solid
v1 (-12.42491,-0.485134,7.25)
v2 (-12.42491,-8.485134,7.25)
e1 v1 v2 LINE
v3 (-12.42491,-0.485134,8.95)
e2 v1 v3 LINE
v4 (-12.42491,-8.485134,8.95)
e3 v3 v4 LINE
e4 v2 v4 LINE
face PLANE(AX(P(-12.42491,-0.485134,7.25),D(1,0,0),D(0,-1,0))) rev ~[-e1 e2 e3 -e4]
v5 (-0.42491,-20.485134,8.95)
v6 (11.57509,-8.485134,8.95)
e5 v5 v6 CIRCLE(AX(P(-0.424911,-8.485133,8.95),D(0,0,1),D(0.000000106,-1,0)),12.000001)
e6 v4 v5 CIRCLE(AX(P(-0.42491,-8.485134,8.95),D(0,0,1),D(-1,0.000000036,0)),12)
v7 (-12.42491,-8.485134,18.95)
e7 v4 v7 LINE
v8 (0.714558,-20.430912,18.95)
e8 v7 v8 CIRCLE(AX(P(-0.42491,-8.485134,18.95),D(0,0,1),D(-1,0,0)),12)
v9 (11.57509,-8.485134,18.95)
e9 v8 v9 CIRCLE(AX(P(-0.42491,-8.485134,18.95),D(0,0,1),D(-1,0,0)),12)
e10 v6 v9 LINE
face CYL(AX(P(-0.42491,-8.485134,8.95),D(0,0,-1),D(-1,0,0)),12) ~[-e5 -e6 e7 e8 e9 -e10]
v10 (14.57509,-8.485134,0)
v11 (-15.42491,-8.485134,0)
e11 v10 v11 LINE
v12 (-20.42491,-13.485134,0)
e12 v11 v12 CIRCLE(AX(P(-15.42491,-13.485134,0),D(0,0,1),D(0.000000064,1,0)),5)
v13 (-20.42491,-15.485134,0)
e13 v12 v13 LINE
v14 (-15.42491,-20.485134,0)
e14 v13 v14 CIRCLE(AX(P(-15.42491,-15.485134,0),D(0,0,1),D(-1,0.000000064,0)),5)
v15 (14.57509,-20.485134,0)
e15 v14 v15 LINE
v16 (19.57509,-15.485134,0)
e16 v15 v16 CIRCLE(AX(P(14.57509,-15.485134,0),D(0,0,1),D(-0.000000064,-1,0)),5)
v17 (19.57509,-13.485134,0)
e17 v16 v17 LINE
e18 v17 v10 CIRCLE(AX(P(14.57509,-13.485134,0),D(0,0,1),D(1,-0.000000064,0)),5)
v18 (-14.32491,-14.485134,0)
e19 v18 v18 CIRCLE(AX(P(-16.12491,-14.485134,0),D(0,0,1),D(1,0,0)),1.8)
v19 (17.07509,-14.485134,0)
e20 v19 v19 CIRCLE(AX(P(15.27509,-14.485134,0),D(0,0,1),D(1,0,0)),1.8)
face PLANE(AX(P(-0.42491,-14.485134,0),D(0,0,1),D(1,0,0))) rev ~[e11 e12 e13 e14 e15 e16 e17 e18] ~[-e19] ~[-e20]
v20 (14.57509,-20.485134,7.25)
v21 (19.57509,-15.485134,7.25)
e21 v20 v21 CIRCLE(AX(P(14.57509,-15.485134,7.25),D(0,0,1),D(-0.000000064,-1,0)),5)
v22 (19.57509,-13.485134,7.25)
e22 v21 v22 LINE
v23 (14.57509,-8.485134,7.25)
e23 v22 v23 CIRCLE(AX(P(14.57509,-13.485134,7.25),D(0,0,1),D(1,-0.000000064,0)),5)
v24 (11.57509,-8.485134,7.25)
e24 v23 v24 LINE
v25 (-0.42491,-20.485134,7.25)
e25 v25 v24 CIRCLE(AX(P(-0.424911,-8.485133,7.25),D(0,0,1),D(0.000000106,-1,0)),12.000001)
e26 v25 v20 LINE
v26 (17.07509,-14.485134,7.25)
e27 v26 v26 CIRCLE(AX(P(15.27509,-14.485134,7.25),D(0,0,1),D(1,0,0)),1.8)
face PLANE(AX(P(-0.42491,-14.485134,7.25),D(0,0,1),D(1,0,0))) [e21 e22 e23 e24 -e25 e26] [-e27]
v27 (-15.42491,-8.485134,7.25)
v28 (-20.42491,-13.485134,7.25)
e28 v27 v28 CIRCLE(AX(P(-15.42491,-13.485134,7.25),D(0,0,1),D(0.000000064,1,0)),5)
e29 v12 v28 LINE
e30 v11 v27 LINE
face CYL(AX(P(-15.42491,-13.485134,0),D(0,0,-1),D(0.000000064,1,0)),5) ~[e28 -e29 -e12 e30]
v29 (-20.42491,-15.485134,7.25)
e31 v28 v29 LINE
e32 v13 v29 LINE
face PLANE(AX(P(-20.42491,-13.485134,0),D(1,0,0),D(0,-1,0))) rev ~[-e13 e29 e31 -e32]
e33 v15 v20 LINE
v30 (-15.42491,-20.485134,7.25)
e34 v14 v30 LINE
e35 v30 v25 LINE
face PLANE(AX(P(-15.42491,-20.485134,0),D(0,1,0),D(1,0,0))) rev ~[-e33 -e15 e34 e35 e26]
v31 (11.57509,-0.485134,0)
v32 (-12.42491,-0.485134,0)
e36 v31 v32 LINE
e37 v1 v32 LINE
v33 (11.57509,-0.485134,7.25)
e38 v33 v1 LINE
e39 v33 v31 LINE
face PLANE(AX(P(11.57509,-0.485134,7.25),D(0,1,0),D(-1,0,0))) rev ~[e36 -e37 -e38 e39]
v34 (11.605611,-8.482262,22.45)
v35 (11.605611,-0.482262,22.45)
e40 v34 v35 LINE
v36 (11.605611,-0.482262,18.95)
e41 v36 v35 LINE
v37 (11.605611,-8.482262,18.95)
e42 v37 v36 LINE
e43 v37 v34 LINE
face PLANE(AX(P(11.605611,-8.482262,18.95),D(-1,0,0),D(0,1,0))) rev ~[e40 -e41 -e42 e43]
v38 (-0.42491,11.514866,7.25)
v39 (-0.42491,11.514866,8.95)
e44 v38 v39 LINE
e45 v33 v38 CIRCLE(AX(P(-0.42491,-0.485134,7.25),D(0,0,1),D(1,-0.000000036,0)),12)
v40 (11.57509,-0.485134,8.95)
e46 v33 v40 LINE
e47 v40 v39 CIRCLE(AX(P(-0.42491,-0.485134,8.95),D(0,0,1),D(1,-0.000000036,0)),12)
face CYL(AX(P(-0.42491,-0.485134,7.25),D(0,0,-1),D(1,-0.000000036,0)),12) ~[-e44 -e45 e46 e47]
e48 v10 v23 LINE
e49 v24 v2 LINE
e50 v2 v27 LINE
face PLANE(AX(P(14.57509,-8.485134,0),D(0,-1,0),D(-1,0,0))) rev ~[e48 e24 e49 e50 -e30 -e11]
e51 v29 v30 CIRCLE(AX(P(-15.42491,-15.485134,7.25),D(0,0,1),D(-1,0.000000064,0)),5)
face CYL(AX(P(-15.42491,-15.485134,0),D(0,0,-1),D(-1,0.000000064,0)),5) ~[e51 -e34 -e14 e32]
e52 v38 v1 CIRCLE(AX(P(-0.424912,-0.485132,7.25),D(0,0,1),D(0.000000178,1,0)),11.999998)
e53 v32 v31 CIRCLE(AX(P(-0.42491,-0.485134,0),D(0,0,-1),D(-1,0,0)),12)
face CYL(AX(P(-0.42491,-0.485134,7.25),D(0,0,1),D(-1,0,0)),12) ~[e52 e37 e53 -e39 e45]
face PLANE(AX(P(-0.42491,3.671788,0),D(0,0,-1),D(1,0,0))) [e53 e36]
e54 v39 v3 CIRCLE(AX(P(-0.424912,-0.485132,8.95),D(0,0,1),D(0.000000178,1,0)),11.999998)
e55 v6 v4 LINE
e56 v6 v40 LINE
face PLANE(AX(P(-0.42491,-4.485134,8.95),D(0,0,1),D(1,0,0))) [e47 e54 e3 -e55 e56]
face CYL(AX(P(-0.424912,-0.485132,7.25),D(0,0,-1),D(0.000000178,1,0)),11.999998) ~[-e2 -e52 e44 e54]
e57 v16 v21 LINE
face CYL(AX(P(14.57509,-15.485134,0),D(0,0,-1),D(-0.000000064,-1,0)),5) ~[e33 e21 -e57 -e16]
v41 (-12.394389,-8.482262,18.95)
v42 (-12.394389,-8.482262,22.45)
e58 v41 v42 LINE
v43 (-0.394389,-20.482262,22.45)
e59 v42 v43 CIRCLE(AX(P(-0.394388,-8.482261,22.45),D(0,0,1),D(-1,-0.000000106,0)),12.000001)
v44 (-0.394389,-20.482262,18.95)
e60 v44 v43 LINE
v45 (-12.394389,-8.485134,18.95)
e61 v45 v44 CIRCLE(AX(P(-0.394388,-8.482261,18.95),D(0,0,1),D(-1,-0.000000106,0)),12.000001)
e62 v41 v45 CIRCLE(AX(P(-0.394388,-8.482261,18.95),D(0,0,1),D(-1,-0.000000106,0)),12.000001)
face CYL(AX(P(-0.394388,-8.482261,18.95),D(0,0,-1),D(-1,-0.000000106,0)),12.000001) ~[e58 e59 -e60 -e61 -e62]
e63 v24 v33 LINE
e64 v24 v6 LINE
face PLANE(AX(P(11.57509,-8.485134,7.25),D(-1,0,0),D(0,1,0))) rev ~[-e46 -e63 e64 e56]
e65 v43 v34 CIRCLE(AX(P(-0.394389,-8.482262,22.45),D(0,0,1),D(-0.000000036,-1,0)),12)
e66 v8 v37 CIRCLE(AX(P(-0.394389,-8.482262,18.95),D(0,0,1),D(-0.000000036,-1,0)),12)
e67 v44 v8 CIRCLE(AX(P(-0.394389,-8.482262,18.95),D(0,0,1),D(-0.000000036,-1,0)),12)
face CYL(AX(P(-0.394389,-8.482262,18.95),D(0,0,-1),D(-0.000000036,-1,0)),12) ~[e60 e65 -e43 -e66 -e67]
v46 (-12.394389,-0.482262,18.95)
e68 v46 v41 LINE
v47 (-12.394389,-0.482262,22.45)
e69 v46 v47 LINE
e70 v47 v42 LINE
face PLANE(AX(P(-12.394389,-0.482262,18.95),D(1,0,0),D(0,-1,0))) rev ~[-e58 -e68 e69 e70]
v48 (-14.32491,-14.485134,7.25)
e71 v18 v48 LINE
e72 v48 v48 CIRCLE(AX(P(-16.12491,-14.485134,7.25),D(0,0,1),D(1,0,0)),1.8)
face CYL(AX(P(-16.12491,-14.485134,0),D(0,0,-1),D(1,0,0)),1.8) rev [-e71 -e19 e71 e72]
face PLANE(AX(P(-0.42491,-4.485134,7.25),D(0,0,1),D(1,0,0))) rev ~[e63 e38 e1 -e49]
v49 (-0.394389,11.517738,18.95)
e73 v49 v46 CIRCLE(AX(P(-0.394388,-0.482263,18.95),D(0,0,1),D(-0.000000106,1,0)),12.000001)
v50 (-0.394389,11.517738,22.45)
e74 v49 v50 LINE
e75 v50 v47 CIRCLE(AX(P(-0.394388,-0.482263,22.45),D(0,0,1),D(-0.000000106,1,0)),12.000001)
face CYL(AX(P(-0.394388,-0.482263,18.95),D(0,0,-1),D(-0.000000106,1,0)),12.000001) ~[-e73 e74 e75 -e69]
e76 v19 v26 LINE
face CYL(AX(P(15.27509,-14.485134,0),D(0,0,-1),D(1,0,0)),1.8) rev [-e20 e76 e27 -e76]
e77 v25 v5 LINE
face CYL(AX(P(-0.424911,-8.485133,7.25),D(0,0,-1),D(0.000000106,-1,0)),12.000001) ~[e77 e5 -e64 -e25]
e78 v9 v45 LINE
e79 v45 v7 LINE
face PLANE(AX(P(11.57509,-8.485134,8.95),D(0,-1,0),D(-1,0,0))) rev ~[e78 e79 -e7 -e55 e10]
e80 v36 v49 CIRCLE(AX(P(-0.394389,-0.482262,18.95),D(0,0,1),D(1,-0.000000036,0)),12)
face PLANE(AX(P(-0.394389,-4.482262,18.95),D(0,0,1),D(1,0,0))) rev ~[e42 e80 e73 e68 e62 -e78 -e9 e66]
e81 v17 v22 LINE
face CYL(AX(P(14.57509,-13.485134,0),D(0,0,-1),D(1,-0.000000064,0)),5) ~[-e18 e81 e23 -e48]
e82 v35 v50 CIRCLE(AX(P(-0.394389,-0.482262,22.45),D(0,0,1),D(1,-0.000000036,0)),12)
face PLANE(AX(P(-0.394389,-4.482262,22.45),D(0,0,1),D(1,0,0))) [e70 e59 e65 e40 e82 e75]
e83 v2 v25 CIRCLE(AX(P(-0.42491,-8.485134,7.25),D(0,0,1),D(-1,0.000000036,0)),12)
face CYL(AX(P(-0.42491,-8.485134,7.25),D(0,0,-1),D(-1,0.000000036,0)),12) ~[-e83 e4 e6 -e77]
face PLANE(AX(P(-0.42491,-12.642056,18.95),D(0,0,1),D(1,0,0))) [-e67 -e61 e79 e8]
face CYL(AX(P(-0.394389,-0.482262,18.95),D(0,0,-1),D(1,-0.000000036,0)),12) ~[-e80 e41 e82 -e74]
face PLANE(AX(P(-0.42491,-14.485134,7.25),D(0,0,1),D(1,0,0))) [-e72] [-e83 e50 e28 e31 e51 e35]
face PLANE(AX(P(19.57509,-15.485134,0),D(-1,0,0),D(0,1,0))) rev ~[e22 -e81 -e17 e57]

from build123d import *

# Parameters (mm, degrees)
F0_R     = 1.8
F1_DEPTH = 7.25
F3_DEPTH = 1.7
F5_DEPTH = 7.25
F7_DEPTH = 10
F9_DEPTH = 3.5


with BuildPart() as f1:
    # F0 (on Top) → F1 (new body)
    with BuildSketch(Plane.XY):
        with BuildLine():
            Line((14.57509, -8.485134), (-15.42491, -8.485134))
            ThreePointArc((-15.42491, -8.485134), (-18.960444, -9.9496), (-20.42491, -13.485134))
            Line((-20.42491, -13.485134), (-20.42491, -15.485134))
            ThreePointArc((-20.42491, -15.485134), (-18.960444, -19.020668), (-15.42491, -20.485134))
            Line((-15.42491, -20.485134), (14.57509, -20.485134))
            ThreePointArc((14.57509, -20.485134), (18.110624, -19.020668), (19.57509, -15.485134))
            Line((19.57509, -15.485134), (19.57509, -13.485134))
            ThreePointArc((19.57509, -13.485134), (18.110624, -9.9496), (14.57509, -8.485134))
        make_face()
        with Locations((-16.12491, -14.485134)):
            Circle(F0_R, mode=Mode.SUBTRACT)
        with Locations((15.27509, -14.485134)):
            Circle(F0_R, mode=Mode.SUBTRACT)
    extrude(amount=F1_DEPTH)

    # F2 (on face) → F3 (join)
    with BuildSketch(Plane.XY.offset(7.25)):
        with BuildLine():
            Line((-12.42491, -0.485134), (-12.42491, -8.485134))
            ThreePointArc((-12.42491, -8.485134), (-8.910192, -16.970415), (-0.42491, -20.485134))
            ThreePointArc((-0.42491, -20.485134), (8.060371, -16.970415), (11.57509, -8.485134))
            Line((11.57509, -8.485134), (11.57509, -0.485134))
            ThreePointArc((11.57509, -0.485134), (8.060371, 8.000148), (-0.42491, 11.514866))
            ThreePointArc((-0.42491, 11.514866), (-8.910192, 8.000148), (-12.42491, -0.485134))
        make_face()
    extrude(amount=F3_DEPTH)

    # F4 (on face) → F5 (join)
    with BuildSketch(Plane(origin=(0, 0, 7.25), x_dir=(1, 0, 0), z_dir=(0, 0, -1))):
        with BuildLine():
            Line((11.57509, 0.485134), (-12.42491, 0.485134))
            ThreePointArc((-12.42491, 0.485134), (-0.42491, -11.514866), (11.57509, 0.485134))
        make_face()
    extrude(amount=F5_DEPTH)

    # F6 (on face) → F7 (join)
    with BuildSketch(Plane.XY.offset(8.95)):
        with BuildLine():
            Line((11.57509, -8.485134), (-12.42491, -8.485134))
            ThreePointArc((-12.42491, -8.485134), (-0.42491, -20.485134), (11.57509, -8.485134))
        make_face()
    extrude(amount=F7_DEPTH)

    # F8 (on face) → F9 (join)
    with BuildSketch(Plane.XY.offset(18.95)):
        with BuildLine():
            ThreePointArc((-0.394389, 11.517738), (-8.87967, 8.003019), (-12.394389, -0.482262))
            Line((-12.394389, -0.482262), (-12.394389, -8.482262))
            ThreePointArc((-12.394389, -8.482262), (-8.87967, -16.967543), (-0.394389, -20.482262))
            ThreePointArc((-0.394389, -20.482262), (8.090893, -16.967543), (11.605611, -8.482262))
            Line((11.605611, -8.482262), (11.605611, -0.482262))
            ThreePointArc((11.605611, -0.482262), (8.090893, 8.003019), (-0.394389, 11.517738))
        make_face()
    extrude(amount=F9_DEPTH)


solid = f1.part
